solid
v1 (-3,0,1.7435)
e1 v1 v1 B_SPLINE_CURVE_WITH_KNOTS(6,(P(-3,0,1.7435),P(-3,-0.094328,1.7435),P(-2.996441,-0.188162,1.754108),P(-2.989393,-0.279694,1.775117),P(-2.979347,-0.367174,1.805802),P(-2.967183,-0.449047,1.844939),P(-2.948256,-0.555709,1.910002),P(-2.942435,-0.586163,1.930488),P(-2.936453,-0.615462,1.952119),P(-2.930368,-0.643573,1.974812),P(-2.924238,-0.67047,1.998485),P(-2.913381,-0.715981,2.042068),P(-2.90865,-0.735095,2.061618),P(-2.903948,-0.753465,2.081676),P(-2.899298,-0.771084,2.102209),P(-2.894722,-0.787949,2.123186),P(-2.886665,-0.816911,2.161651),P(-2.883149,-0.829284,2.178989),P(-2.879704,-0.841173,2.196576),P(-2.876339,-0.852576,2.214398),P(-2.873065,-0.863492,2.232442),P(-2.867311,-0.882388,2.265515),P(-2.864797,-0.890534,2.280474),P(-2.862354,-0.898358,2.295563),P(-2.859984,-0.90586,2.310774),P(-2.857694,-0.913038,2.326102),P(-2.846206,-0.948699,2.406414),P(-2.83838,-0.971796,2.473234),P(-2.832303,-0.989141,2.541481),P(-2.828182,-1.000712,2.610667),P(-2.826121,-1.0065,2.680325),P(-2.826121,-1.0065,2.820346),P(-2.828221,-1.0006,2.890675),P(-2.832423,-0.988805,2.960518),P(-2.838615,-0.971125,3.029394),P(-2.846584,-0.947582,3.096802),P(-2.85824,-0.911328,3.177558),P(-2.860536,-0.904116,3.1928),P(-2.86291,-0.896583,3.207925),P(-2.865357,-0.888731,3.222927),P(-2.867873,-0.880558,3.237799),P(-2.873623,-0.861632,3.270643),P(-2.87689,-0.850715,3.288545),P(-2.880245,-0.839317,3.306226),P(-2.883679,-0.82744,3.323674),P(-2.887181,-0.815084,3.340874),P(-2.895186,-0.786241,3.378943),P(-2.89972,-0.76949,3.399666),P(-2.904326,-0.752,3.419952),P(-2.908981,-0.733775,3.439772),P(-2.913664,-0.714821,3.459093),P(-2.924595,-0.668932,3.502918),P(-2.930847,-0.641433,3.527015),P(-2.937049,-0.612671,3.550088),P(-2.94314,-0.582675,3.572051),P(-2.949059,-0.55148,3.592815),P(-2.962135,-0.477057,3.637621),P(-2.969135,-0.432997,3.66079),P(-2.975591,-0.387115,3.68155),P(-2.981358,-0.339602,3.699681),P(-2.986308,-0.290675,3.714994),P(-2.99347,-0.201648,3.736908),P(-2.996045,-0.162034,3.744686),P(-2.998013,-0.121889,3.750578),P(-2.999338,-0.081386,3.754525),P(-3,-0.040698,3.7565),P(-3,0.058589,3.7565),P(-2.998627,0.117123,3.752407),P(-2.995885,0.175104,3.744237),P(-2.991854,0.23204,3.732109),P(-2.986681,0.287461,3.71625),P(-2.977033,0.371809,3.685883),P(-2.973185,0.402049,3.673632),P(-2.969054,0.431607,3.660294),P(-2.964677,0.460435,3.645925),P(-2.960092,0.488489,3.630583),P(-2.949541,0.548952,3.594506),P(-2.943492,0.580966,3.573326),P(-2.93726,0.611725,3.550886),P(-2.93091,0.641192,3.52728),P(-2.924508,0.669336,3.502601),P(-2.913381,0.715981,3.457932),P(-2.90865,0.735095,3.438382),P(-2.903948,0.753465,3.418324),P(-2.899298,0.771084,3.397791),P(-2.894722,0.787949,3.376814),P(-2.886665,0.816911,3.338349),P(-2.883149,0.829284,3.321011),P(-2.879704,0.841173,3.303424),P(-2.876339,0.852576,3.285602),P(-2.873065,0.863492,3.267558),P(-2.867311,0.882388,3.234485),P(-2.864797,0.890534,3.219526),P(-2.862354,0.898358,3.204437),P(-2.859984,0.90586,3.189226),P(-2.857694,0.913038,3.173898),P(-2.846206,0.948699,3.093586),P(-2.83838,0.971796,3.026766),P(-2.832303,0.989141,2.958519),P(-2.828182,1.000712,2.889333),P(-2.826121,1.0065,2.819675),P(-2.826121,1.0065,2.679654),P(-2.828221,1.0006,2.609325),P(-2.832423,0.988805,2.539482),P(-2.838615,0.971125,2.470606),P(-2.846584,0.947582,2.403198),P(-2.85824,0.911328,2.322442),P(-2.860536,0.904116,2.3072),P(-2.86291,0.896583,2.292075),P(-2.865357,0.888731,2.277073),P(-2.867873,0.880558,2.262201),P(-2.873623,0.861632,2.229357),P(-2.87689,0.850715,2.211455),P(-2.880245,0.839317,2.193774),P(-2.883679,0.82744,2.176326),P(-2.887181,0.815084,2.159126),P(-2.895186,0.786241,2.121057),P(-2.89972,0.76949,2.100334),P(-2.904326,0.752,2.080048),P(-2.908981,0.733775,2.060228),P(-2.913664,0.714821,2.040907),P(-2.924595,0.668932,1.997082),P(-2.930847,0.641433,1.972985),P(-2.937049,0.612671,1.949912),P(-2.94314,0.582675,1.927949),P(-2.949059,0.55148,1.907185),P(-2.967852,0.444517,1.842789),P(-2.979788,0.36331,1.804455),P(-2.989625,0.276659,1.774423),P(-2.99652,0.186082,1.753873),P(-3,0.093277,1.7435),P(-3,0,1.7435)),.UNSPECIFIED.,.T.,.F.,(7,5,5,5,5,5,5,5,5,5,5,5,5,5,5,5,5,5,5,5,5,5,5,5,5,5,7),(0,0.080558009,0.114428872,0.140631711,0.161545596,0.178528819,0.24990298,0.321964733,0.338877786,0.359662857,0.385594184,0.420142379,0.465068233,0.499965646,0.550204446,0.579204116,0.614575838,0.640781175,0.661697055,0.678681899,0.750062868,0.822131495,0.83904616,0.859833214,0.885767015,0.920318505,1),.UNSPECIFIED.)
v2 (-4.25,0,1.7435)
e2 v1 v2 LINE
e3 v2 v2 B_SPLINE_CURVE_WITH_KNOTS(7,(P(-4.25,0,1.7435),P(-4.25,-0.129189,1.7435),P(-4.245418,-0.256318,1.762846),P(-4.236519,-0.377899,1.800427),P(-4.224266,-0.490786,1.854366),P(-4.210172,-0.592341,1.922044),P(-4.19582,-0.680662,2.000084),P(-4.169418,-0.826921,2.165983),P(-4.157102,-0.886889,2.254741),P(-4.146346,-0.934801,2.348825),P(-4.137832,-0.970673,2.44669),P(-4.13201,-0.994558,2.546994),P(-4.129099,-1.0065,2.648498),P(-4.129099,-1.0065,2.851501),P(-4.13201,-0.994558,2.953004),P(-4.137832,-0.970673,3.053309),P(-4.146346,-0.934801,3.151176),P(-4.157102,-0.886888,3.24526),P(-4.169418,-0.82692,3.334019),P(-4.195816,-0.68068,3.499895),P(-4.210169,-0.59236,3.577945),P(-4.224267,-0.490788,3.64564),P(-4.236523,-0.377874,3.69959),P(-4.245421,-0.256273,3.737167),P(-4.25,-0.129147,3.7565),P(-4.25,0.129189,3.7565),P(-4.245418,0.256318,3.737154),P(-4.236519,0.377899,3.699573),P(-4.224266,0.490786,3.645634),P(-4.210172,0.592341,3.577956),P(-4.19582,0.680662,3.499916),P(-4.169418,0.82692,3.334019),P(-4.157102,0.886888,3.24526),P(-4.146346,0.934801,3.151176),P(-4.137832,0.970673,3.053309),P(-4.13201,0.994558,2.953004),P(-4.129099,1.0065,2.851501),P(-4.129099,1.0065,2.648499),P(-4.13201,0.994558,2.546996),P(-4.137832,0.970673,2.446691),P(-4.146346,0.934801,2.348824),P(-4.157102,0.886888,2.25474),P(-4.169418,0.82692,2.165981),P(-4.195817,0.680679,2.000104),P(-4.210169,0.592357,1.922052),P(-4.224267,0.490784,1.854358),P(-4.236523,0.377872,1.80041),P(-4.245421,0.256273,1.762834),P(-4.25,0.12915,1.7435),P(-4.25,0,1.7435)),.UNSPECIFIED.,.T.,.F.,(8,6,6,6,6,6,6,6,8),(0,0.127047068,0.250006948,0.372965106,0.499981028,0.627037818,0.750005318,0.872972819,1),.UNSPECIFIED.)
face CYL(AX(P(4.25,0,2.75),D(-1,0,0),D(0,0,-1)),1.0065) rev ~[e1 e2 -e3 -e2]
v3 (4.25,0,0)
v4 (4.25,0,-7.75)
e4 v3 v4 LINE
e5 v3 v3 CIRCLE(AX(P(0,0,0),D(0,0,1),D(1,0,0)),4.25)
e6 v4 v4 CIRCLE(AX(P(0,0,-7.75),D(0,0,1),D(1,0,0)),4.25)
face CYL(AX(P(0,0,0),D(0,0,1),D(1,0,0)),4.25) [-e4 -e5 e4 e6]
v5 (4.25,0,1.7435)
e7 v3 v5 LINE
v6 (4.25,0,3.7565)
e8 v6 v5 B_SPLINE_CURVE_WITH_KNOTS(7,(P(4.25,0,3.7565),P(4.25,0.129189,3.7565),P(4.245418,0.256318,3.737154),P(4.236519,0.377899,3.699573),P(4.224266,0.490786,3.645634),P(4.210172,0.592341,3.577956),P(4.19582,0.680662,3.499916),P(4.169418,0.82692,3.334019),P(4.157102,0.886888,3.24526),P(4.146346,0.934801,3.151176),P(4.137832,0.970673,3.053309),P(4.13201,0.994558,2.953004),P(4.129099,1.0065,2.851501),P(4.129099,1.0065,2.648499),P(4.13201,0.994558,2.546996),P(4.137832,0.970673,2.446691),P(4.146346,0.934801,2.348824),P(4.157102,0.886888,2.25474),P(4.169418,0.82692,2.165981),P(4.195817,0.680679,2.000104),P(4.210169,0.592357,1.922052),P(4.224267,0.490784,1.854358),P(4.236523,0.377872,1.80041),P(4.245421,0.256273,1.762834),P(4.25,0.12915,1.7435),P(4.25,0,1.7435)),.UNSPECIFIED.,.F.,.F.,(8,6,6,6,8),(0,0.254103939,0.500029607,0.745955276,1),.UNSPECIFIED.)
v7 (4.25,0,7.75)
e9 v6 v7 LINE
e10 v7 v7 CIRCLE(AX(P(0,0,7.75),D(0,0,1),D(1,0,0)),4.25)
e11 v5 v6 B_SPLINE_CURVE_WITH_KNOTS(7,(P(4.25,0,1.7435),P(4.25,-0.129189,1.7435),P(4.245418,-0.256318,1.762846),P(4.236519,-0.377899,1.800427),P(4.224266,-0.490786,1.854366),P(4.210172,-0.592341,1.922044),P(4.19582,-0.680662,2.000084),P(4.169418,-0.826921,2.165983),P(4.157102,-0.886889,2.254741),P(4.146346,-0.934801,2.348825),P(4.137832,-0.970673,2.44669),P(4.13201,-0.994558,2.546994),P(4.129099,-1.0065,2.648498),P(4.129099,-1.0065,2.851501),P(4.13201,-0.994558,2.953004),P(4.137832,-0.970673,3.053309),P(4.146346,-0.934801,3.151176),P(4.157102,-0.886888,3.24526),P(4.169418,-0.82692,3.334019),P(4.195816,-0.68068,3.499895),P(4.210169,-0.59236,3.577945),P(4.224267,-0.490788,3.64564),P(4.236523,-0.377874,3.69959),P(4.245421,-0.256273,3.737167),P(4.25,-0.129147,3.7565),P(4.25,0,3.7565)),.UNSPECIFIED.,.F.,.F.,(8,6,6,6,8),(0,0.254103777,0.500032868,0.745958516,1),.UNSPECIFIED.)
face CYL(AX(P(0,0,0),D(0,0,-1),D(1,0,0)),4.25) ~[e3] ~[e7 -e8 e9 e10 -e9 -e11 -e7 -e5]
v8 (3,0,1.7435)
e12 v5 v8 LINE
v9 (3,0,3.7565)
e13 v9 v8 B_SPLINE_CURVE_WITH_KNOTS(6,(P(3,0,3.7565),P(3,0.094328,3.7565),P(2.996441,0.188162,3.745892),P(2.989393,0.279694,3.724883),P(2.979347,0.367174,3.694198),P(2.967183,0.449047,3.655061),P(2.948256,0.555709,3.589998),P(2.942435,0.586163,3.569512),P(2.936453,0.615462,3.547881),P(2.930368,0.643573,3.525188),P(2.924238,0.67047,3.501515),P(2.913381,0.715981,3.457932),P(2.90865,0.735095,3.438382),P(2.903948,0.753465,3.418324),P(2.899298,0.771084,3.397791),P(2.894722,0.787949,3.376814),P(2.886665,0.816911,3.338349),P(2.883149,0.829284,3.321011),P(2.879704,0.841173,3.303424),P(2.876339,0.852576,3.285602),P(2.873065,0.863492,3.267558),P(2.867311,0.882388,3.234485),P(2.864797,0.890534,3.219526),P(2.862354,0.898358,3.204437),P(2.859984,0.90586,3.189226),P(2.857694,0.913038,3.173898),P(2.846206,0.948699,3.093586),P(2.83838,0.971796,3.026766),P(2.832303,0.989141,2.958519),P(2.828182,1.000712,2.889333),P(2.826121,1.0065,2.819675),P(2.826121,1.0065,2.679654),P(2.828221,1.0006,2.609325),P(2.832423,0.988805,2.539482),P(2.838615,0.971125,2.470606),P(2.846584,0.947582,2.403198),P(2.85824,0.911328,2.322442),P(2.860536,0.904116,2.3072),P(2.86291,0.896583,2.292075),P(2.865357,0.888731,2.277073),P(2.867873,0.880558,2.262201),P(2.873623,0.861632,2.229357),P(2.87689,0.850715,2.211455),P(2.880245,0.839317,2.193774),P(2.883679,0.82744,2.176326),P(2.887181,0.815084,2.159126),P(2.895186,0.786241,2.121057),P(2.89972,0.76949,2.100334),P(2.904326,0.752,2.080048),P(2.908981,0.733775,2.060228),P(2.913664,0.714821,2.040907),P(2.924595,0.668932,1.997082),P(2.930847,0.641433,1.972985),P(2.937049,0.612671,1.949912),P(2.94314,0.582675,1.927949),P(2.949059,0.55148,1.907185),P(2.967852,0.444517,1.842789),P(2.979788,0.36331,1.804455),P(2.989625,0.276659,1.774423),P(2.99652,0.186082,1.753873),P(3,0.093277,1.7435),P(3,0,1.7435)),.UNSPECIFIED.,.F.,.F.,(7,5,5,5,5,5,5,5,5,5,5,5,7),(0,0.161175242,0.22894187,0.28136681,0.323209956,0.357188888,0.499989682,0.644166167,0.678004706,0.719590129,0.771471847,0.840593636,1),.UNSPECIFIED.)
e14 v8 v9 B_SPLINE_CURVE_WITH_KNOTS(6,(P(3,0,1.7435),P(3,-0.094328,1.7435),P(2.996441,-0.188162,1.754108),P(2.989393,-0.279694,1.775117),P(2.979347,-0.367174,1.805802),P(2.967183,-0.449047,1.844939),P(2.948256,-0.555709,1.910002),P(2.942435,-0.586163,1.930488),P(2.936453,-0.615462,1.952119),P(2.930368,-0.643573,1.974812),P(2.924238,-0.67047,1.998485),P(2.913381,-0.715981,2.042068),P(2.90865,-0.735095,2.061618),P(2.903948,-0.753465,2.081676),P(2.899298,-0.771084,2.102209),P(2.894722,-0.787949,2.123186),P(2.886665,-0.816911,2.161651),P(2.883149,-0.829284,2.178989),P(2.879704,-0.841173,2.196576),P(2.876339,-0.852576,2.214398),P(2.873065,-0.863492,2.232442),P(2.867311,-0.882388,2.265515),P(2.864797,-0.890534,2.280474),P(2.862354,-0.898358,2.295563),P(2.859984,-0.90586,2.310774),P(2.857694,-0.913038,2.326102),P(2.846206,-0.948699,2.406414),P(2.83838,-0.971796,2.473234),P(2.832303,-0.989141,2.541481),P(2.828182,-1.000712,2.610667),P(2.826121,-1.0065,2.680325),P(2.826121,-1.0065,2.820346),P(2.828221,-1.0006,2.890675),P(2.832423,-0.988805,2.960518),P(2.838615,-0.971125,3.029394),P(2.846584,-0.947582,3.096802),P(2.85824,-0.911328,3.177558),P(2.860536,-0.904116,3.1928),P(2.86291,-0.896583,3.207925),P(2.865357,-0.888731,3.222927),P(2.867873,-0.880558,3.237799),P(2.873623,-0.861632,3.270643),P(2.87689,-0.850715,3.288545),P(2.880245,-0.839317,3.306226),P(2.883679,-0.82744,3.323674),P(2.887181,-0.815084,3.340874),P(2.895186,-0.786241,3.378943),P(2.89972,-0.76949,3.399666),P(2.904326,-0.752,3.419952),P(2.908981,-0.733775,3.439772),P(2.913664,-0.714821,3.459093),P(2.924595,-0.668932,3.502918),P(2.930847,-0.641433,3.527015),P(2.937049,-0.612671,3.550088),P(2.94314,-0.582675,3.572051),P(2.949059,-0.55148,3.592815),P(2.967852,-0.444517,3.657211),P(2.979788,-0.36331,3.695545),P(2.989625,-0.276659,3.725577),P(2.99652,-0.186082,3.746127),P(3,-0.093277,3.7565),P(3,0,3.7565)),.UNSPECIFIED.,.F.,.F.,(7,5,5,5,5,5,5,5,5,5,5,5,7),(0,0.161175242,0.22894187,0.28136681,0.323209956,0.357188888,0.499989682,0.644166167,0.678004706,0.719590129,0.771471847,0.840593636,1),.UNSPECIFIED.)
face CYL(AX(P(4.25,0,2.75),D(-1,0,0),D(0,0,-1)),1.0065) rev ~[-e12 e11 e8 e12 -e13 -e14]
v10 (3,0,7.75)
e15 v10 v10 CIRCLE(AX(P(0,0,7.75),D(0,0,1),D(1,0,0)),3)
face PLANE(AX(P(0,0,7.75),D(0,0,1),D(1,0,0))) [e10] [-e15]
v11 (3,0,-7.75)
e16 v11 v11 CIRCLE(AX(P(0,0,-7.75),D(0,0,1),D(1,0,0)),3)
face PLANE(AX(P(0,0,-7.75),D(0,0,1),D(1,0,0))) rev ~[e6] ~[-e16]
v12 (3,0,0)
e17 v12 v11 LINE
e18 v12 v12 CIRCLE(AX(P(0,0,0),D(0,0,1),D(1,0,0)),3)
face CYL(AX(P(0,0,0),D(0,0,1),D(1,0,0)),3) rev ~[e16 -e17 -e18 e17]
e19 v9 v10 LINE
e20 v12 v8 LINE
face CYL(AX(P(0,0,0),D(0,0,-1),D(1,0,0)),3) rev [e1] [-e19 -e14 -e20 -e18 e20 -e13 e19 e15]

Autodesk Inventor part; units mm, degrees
ref_plane "XZ Plane" through (0, 0, 0) normal (0, 1, 0) x (-1, 0, 0)
ref_plane "XY Plane" through (0, 0, 0) normal (0, 0, 1) x (1, 0, 0)
sketch "Sketch1" plane through (0, 0, 0) normal (0, 0, 1) x (1, 0, 0)
  circle A0 centre (0, 0) radius 4.25
  circle A1 centre (0, 0) radius 3
  dimension "d0" = 8.5
  dimension "d1" = 6
extrude "Extrusion1" add sketch "Sketch1" along normal mid plane 15.5
ref_plane "Work Plane1" through (4.25, 0, 0) normal (1, 0, 0) x (0, 1, 0)
sketch "Sketch2" plane through (4.25, 0, 0) normal (1, 0, 0) x (0, 1, 0)
  line L0 (4.25, 7.75) -> (-4.25, 7.75) projected
  point P0 (0, 0)
  point P1 (0, 2.75)
  dimension "d5" = 5
hole "Hole1" at (4.25, 0, 2.75) direction (-1, 0, 0) diameter 2.013 end through all thread size "M2.5x0.45" class "6H" standard "ISO Metric profile"
properties part number "20.3"
